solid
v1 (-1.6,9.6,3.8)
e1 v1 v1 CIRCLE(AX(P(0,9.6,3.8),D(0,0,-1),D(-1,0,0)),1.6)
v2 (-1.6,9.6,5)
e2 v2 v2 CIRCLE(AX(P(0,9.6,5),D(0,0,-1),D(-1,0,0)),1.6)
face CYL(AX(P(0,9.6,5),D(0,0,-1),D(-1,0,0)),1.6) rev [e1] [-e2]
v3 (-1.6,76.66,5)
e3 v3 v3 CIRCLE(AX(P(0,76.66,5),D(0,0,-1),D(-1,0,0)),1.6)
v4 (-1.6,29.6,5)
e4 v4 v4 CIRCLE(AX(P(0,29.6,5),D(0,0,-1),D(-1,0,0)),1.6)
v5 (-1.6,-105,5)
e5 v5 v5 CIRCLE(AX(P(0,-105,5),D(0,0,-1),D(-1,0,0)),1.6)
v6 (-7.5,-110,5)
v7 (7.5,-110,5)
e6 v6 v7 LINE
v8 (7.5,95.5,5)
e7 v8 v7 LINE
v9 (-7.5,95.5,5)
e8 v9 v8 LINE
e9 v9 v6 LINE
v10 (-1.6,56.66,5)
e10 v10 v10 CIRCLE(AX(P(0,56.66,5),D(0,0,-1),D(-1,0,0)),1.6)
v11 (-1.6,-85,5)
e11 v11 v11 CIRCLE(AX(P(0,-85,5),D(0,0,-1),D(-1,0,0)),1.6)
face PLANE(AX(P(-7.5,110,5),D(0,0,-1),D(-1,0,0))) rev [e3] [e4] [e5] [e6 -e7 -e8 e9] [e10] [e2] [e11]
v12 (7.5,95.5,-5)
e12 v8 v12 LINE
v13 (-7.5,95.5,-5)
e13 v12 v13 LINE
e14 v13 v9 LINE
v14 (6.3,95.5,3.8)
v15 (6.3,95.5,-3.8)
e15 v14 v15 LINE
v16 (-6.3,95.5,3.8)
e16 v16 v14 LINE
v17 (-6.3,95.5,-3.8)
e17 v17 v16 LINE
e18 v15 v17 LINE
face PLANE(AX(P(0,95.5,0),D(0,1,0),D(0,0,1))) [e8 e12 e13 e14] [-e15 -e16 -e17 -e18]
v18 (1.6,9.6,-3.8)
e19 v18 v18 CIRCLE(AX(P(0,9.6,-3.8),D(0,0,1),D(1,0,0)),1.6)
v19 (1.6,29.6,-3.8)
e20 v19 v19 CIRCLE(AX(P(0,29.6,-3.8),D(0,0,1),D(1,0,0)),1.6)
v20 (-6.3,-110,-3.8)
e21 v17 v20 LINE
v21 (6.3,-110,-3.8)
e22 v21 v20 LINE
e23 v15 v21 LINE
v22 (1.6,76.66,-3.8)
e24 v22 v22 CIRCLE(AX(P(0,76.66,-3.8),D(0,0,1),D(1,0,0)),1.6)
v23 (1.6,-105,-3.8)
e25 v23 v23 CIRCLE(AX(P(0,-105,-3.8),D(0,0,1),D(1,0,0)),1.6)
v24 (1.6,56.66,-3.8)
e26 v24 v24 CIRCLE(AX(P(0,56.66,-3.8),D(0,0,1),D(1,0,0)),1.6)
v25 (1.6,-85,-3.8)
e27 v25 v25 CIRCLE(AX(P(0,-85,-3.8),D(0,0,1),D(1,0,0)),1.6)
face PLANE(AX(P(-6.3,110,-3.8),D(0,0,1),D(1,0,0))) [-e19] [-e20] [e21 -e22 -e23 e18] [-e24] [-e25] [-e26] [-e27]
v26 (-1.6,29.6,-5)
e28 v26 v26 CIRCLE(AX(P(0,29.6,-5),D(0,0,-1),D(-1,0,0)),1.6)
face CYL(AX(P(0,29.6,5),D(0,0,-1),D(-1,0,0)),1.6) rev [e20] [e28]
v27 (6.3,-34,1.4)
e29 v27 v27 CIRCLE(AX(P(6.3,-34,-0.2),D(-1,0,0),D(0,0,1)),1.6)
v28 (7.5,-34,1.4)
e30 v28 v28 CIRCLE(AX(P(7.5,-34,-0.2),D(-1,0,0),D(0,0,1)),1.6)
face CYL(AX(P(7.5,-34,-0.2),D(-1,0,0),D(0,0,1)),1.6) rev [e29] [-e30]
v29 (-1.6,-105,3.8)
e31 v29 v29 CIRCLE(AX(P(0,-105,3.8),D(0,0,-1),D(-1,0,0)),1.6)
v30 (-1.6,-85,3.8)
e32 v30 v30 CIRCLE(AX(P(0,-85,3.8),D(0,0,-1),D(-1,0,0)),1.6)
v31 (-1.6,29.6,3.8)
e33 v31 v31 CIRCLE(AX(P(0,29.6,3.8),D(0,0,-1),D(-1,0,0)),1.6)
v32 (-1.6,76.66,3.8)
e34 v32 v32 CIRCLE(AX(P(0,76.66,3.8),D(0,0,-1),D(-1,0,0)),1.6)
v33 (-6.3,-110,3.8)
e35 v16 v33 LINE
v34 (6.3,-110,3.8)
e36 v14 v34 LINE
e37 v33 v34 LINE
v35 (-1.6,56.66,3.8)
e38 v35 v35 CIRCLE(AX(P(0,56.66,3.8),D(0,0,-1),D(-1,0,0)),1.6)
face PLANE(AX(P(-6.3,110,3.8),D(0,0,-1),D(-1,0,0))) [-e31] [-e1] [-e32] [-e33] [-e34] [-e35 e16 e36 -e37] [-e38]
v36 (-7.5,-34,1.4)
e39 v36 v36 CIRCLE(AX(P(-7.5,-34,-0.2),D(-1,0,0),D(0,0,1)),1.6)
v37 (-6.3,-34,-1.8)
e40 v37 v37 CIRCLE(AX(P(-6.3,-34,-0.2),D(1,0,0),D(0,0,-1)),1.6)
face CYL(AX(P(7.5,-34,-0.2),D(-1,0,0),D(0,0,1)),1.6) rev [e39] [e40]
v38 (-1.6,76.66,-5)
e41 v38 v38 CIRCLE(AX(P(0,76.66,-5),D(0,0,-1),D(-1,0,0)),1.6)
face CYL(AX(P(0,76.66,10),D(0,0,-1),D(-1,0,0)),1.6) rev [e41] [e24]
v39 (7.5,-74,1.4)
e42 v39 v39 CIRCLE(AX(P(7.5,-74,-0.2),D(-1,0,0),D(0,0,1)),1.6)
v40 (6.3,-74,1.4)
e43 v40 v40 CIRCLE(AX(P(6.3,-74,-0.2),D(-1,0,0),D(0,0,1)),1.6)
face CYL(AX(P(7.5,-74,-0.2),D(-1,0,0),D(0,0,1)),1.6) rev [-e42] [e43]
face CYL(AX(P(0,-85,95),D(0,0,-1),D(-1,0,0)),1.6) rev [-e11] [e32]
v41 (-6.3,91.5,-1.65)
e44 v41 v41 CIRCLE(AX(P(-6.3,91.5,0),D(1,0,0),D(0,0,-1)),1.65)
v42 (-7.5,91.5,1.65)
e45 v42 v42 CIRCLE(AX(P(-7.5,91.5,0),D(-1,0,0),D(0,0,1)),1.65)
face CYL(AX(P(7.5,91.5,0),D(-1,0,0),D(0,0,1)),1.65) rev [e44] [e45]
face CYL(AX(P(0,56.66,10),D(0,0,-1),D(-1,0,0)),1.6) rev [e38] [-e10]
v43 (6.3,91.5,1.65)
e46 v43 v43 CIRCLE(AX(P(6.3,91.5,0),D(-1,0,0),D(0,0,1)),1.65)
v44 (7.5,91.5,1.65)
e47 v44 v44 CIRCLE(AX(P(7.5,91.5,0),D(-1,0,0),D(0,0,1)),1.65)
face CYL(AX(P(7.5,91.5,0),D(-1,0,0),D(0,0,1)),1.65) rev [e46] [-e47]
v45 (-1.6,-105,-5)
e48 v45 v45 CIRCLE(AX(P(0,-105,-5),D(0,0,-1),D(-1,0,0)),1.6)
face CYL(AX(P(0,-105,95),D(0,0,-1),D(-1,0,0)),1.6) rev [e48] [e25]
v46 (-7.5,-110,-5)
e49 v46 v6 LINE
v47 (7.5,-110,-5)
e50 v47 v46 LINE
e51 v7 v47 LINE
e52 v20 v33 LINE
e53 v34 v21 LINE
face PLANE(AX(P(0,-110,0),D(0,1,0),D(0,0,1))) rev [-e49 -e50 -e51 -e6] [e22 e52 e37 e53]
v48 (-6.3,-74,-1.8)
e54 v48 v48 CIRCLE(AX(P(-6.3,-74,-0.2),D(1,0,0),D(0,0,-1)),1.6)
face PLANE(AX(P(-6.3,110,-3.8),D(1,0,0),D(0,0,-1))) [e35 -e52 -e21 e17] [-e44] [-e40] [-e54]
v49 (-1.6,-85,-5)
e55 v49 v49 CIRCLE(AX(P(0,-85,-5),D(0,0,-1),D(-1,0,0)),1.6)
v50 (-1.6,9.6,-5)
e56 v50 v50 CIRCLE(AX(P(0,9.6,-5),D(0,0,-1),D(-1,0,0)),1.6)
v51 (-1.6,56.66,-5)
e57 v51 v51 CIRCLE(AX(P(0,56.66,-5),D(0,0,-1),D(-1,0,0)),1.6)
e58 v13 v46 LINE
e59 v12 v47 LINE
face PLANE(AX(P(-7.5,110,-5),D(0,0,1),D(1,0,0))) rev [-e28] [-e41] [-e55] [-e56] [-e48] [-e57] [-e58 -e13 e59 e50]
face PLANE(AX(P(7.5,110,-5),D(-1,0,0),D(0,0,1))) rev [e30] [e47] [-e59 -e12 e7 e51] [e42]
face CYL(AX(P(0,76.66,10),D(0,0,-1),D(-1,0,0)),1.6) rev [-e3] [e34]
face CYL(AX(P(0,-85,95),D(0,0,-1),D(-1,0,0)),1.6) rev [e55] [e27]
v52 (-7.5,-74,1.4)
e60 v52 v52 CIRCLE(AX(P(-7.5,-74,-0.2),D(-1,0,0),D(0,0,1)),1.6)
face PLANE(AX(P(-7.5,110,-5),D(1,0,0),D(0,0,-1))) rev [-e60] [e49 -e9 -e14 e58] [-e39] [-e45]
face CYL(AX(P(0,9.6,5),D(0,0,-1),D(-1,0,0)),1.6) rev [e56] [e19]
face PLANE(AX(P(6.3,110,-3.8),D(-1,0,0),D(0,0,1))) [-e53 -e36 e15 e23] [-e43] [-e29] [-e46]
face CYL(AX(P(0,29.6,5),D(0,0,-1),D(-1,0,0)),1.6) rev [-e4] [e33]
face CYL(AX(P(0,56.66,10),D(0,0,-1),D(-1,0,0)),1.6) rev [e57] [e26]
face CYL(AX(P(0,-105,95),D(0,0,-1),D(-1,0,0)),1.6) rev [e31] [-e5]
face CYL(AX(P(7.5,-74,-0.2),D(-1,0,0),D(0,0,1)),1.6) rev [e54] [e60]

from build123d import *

# Parameters (mm, degrees)
SKETCH_1_W          = 15
SKETCH_1_H          = 10
SKETCH_1_W_2        = 12.6
SKETCH_1_H_2        = 7.6
EXTRUDE_1_DEPTH     = 110
SKETCH_2_R          = 1.6
CUT_EXTRUDE_1_DEPTH = 100
SKETCH_3_R          = 1.6
CUT_EXTRUDE_2_DEPTH = 15
SKETCH_5_W          = 15
SKETCH_5_H          = 10
CUT_EXTRUDE_4_DEPTH = 14.5
SKETCH_6_R          = 1.6
CUT_EXTRUDE_5_DEPTH = 15
CUT_EXTRUDE_6_DEPTH = 15
SKETCH_8_R          = 1.6
CUT_EXTRUDE_7_DEPTH = 10


with BuildPart() as part:
    # ｽｹｯﾁ1 → ﾎﾞｽ - 押し出し1 (new, symmetric)
    with BuildSketch(Plane(origin=(0, 0, 0), x_dir=(1, 0, 0), z_dir=(0, 1, 0))):
        Rectangle(SKETCH_1_W, SKETCH_1_H)
        Rectangle(SKETCH_1_W_2, SKETCH_1_H_2, mode=Mode.SUBTRACT)
    extrude(amount=EXTRUDE_1_DEPTH, both=True)

    # ｽｹｯﾁ2 → ｶｯﾄ - 押し出し1 (cut)
    with BuildSketch(Plane(origin=(0, 0, -5), x_dir=(-1, 0, 0), z_dir=(0, 0, -1))):
        with Locations((0, -85)):
            Circle(SKETCH_2_R)
        with Locations((0, -105)):
            Circle(SKETCH_2_R)
    extrude(amount=-CUT_EXTRUDE_1_DEPTH, mode=Mode.SUBTRACT)

    # ｽｹｯﾁ3 → ｶｯﾄ - 押し出し2 (cut)
    with BuildSketch(Plane.ZY.offset(7.5)):
        with Locations((-0.2, -74)):
            Circle(SKETCH_3_R)
        with Locations((-0.2, -34)):
            Circle(SKETCH_3_R)
    extrude(amount=-CUT_EXTRUDE_2_DEPTH, mode=Mode.SUBTRACT)

    # ｽｹｯﾁ5 → ｶｯﾄ - 押し出し4 (cut)
    with BuildSketch(Plane(origin=(0, 110, 0), x_dir=(1, 0, 0), z_dir=(0, 1, 0))):
        Rectangle(SKETCH_5_W, SKETCH_5_H)
    extrude(amount=-CUT_EXTRUDE_4_DEPTH, mode=Mode.SUBTRACT)

    # ｽｹｯﾁ6 → ｶｯﾄ - 押し出し5 (cut)
    with BuildSketch(Plane(origin=(0, 0, -5), x_dir=(-1, 0, 0), z_dir=(0, 0, -1))):
        with Locations((0, 56.66)):
            Circle(SKETCH_6_R)
        with Locations((0, 76.66)):
            Circle(SKETCH_6_R)
    extrude(amount=-CUT_EXTRUDE_5_DEPTH, mode=Mode.SUBTRACT)

    # ｽｹｯﾁ7 → ｶｯﾄ - 押し出し6 (cut)
    with BuildSketch(Plane.ZY.offset(7.5)):
        with BuildLine():
            ThreePointArc((0, 93.15), (-1.65, 91.5), (0, 89.85))
            ThreePointArc((0, 89.85), (1.65, 91.5), (0, 93.15))
        make_face()
    extrude(amount=-CUT_EXTRUDE_6_DEPTH, mode=Mode.SUBTRACT)

    # ｽｹｯﾁ8 → ｶｯﾄ - 押し出し7 (cut)
    with BuildSketch(Plane(origin=(0, 0, -5), x_dir=(-1, 0, 0), z_dir=(0, 0, -1))):
        with Locations((0, 9.6)):
            Circle(SKETCH_8_R)
        with Locations((0, 29.6)):
            Circle(SKETCH_8_R)
    extrude(amount=-CUT_EXTRUDE_7_DEPTH, mode=Mode.SUBTRACT)


solid = part.part
